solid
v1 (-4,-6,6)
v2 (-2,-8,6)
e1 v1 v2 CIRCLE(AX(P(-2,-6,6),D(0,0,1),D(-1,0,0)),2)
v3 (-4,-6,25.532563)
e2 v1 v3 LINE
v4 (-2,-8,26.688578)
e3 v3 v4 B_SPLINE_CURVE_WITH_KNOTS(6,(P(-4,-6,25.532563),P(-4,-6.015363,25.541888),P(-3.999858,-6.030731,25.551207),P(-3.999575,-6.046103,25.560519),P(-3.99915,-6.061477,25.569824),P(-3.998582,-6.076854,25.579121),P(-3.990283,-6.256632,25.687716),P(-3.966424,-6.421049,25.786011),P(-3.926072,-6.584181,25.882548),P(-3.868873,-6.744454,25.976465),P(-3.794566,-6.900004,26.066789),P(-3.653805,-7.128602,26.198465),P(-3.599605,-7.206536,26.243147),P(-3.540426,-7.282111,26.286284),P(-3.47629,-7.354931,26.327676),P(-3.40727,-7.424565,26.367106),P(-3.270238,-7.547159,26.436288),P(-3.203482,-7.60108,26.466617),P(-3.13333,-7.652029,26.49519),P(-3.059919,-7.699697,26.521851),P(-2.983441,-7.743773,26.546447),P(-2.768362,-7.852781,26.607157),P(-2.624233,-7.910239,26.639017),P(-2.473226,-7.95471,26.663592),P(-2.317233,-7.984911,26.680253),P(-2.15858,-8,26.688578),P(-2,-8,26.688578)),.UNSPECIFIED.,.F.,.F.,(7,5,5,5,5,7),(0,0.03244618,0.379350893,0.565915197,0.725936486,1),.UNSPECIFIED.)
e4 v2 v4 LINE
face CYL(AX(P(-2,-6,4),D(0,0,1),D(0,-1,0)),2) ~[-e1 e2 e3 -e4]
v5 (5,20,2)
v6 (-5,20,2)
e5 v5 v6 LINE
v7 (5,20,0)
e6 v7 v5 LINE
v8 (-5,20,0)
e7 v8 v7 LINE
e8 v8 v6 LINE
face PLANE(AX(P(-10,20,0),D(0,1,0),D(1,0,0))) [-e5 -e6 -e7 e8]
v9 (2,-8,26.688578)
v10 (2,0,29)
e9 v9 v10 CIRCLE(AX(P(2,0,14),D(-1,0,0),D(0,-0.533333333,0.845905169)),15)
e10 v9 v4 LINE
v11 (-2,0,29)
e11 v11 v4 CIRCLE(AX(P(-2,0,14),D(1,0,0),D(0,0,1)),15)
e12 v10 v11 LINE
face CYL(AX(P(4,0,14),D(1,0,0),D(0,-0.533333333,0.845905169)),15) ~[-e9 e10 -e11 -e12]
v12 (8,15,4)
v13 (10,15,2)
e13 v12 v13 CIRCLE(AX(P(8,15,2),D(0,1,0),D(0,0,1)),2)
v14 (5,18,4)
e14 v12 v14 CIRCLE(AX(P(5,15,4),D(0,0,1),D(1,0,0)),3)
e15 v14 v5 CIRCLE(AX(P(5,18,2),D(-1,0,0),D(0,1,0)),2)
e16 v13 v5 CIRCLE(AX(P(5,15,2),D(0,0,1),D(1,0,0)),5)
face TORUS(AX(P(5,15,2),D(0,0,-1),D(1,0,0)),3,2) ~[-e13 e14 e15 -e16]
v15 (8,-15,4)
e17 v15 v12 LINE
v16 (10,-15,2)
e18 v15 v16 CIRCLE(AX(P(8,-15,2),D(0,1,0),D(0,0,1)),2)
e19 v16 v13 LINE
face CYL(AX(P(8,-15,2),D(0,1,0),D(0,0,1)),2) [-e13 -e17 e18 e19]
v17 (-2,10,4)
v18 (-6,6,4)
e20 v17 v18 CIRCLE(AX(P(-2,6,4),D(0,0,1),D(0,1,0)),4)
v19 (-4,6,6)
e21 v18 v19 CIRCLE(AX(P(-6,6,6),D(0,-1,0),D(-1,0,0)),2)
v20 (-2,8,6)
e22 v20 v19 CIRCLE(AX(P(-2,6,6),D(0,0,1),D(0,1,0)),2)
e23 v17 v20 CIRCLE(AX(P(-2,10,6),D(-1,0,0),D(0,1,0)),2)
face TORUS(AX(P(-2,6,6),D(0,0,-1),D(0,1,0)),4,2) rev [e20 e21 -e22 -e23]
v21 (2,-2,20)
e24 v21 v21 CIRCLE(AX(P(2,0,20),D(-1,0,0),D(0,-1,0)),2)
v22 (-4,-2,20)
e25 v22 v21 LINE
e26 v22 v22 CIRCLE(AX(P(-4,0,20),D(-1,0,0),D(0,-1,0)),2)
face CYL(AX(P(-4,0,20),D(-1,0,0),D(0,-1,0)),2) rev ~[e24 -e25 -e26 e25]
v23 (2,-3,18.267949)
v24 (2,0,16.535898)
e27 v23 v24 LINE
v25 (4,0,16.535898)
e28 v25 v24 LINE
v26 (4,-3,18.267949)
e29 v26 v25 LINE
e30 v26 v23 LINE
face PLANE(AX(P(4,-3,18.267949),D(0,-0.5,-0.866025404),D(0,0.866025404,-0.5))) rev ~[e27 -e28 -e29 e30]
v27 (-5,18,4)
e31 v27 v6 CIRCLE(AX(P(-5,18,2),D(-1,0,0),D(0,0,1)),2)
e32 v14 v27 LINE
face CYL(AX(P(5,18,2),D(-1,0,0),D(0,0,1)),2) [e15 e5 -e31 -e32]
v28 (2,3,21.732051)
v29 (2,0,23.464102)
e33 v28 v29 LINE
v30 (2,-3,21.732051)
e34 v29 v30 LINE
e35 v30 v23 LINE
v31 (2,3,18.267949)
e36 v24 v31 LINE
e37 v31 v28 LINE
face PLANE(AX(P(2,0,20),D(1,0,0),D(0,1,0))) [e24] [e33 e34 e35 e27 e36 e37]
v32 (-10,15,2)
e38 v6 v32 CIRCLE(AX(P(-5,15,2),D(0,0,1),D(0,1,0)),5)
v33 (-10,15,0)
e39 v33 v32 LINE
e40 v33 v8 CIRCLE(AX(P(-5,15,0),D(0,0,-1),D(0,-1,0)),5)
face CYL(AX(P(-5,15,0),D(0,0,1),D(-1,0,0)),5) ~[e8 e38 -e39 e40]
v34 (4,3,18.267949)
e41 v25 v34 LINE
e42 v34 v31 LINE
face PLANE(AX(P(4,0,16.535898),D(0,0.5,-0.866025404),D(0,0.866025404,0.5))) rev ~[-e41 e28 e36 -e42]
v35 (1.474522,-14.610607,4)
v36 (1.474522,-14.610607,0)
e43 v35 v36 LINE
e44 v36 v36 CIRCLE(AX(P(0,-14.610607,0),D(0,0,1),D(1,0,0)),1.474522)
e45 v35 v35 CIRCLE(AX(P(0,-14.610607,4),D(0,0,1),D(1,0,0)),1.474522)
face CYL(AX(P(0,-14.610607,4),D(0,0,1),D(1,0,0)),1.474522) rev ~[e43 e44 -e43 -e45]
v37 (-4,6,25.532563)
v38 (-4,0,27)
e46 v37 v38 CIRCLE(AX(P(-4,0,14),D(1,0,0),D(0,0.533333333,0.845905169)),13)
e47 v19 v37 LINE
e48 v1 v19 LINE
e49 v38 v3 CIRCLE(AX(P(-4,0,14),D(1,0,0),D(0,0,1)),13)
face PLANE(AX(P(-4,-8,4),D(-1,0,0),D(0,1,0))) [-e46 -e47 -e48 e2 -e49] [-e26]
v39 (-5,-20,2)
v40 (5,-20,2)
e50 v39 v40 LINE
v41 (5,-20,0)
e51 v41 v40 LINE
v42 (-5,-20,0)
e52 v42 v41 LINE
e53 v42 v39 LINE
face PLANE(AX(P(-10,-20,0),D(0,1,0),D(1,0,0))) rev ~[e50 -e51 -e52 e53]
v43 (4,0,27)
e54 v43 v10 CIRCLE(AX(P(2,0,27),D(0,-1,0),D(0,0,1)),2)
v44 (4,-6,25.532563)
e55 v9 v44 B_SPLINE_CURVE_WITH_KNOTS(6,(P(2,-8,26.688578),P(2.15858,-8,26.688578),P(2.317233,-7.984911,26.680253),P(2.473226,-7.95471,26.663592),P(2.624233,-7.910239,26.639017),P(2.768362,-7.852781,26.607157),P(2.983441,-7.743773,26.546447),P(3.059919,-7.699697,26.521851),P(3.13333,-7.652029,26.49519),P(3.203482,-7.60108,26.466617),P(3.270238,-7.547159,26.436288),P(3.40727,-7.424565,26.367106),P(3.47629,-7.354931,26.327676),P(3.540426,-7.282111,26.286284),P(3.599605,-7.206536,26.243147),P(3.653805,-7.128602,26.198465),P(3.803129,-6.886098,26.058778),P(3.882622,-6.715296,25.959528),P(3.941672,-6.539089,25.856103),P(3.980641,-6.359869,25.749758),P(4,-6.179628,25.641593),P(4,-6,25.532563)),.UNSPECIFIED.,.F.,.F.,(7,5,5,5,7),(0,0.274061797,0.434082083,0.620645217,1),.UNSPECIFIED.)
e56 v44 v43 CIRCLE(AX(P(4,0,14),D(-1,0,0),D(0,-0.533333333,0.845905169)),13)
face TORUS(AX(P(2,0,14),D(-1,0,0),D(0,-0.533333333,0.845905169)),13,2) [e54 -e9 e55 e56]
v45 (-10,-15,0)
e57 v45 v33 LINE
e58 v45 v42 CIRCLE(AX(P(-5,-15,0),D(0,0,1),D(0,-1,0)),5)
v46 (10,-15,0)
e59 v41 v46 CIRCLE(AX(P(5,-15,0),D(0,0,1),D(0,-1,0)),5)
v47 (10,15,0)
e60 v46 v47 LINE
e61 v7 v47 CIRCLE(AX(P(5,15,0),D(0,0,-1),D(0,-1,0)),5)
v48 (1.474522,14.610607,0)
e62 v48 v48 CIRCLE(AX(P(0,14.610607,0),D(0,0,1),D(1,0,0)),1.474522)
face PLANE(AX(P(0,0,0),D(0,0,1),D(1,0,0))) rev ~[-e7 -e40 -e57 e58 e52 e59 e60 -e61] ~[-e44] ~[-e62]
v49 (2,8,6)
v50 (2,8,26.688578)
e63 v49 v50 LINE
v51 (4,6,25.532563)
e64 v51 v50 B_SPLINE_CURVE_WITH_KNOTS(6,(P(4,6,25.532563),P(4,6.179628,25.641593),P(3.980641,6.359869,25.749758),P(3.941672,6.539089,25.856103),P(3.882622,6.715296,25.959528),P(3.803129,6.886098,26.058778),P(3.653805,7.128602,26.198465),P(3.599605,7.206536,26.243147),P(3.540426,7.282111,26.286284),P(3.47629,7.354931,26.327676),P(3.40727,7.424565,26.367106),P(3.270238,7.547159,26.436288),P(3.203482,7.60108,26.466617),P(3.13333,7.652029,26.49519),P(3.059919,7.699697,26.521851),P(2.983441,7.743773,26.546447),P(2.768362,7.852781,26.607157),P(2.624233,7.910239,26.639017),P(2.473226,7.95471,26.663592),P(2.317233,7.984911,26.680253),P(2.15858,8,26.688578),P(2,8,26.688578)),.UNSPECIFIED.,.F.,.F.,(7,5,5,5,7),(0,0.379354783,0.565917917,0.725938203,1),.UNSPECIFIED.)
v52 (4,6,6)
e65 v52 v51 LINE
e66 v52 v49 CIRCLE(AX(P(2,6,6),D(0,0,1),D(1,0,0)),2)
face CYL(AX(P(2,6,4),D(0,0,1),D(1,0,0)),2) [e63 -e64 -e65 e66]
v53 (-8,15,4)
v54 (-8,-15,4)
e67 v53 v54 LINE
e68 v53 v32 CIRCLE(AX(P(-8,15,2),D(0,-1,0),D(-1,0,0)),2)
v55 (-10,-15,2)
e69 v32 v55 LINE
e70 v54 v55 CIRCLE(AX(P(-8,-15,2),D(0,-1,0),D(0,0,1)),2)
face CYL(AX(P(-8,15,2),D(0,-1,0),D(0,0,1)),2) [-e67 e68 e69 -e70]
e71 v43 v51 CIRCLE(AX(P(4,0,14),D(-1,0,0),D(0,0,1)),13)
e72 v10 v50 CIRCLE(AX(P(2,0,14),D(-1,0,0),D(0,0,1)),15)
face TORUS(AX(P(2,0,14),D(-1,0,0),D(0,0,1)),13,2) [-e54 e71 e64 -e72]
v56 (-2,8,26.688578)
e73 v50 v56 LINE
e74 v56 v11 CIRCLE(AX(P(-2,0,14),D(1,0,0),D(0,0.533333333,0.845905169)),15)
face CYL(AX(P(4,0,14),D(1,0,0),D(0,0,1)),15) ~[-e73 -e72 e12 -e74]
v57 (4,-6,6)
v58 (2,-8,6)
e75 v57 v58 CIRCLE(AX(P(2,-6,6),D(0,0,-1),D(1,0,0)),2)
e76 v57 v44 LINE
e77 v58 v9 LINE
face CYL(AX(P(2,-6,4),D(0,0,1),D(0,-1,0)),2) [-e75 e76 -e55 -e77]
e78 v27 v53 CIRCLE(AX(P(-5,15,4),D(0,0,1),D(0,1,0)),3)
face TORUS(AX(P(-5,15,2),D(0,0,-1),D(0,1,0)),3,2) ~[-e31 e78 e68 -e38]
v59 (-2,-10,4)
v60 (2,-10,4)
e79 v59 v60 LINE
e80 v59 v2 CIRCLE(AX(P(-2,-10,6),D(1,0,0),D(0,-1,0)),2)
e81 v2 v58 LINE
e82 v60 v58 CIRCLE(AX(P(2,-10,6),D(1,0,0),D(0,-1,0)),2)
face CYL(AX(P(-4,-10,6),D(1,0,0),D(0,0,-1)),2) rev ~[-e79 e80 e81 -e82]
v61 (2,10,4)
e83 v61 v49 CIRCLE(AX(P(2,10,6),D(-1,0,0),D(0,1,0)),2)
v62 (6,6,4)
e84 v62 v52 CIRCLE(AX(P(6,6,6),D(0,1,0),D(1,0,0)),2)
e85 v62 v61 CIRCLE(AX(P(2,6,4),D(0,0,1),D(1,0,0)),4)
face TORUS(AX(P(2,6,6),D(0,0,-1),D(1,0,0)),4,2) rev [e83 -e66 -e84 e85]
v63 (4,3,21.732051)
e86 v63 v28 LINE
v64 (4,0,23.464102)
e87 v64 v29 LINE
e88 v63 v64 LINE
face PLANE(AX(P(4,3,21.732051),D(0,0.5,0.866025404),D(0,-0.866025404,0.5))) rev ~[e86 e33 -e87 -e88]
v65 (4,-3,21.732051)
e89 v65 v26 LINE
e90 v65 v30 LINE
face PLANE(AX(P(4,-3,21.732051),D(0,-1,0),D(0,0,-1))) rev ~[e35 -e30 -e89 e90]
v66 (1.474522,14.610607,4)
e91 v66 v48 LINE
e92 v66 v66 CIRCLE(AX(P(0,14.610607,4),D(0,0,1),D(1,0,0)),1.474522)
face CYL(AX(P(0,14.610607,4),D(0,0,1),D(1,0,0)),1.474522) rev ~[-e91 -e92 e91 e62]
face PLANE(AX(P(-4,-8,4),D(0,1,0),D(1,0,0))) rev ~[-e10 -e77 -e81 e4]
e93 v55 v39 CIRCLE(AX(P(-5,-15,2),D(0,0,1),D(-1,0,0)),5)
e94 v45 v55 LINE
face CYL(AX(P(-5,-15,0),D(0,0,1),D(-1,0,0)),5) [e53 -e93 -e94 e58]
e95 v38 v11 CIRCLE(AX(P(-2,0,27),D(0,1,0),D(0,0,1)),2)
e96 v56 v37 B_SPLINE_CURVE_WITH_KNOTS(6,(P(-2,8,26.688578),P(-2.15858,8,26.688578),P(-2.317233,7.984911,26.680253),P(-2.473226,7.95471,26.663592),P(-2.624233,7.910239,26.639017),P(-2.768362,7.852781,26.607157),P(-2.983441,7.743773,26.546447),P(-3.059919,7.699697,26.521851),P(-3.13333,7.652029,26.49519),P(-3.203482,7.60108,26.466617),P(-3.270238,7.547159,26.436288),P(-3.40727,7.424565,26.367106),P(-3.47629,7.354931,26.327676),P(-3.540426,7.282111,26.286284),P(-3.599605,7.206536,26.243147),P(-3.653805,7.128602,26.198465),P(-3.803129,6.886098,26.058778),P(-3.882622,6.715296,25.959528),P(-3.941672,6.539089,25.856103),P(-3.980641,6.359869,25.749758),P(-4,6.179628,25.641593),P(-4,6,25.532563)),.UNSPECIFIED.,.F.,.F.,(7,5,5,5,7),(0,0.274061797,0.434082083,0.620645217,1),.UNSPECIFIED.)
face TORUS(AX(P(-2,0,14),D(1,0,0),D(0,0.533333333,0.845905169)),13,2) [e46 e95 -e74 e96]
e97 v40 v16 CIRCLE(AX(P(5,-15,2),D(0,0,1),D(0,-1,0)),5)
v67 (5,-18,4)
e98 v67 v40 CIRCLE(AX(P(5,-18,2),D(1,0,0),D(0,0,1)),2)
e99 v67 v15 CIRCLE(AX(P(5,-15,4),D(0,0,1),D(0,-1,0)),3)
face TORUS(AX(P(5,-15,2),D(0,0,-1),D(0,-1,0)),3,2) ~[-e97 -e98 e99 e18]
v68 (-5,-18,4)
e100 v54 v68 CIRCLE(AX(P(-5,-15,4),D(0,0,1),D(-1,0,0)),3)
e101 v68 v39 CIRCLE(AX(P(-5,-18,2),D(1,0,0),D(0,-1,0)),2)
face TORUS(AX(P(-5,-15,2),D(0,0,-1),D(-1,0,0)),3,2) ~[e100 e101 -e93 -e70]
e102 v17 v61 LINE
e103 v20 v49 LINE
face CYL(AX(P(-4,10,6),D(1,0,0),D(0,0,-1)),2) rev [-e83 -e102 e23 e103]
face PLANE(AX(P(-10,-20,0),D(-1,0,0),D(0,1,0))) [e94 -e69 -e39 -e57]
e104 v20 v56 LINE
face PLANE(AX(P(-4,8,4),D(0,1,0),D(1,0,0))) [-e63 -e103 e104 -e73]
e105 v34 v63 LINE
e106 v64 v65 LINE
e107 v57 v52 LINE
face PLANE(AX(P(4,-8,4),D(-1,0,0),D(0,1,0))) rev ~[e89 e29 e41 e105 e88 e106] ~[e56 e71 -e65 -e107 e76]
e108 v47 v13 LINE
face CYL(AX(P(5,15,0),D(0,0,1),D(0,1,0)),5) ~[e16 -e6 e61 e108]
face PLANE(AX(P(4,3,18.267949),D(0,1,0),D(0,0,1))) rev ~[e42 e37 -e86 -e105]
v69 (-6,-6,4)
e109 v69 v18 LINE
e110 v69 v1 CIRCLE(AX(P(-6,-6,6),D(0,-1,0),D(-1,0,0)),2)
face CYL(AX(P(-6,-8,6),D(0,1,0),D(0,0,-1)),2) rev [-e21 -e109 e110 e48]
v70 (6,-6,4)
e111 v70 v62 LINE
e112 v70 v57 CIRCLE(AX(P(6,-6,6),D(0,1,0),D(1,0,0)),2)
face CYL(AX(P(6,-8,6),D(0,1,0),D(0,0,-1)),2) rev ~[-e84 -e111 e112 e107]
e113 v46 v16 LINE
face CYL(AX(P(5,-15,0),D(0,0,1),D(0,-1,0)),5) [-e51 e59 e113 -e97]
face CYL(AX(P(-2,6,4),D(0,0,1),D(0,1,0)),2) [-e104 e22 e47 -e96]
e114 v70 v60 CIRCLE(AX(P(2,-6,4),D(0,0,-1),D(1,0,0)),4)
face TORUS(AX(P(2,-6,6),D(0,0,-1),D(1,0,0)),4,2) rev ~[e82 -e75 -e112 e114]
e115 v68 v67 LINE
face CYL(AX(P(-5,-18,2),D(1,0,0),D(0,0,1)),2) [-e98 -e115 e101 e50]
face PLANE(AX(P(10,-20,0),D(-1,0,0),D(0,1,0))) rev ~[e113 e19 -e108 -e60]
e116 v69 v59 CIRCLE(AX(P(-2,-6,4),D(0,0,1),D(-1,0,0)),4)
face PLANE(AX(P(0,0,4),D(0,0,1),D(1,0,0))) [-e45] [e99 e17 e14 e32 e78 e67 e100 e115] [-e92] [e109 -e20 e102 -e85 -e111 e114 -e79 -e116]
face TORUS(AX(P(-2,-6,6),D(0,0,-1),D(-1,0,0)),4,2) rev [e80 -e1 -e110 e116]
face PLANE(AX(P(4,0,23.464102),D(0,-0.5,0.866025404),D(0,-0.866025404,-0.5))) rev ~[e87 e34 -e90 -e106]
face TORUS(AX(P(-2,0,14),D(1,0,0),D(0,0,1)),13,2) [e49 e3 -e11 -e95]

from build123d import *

# Parameters (mm, degrees)
F0_W      = 20
F0_H      = 40
F1_DEPTH  = 4
F2_W      = 8
F2_H      = 16
F3_DEPTH  = 25
F5_DEPTH  = 25
F6_R      = 5
F7_R      = 2
F8_R      = 2
F9_DEPTH  = 25
F10_R     = 1.4745216426
F11_DEPTH = 5
F13_DEPTH = 2


with BuildPart() as f1:
    # F0 (on Top) → F1 (new body)
    with BuildSketch(Plane.XY):
        Rectangle(F0_W, F0_H)
    extrude(amount=F1_DEPTH)

    # F2 (on face) → F3 (join)
    with BuildSketch(Plane.XY.offset(4)):
        Rectangle(F2_W, F2_H)
    extrude(amount=F3_DEPTH)

    # F4 (on face) → F5 (cut)
    with BuildSketch(Plane.YZ.offset(4)):
        with BuildLine():
            Line((-8, 29), (-8, 26.6885775404))
            ThreePointArc((-8, 26.6885775404), (-4.1636124275, 28.4105631935), (0, 29))
            Line((0, 29), (-8, 29))
        make_face()
        with BuildLine():
            ThreePointArc((0, 29), (4.1636124275, 28.4105631935), (8, 26.6885775404))
            Line((8, 26.6885775405), (8, 29))
            Line((8, 29), (0, 29))
        make_face()
    extrude(amount=-F5_DEPTH, mode=Mode.SUBTRACT)

    # F6
    f6_edges = [f1.edges().sort_by_distance(p)[0] for p in [
        (-10, 20, 2),
        (-10, -20, 2),
        (10, -20, 2),
        (10, 20, 2),
    ]]
    fillet(f6_edges, radius=F6_R)

    # F7
    f7_edges = [f1.edges().sort_by_distance(p)[0] for p in [
        (10, 0, 4),
        (8.535534, -18.535534, 4),
        (8.535534, 18.535534, 4),
        (0, -20, 4),
        (0, 20, 4),
        (-8.535534, -18.535534, 4),
        (-8.535534, 18.535534, 4),
        (-10, 0, 4),
        (4, 0, 4),
        (0, 8, 4),
        (-4, 0, 4),
        (0, -8, 4),
        (4, -8, 15.344289),
        (4, 0, 29),
        (4, 8, 15.344289),
        (-4, 8, 15.344289),
        (-4, 0, 29),
        (-4, -8, 15.344289),
    ]]
    fillet(f7_edges, radius=F7_R)

    # F8 (on face) → F9 (cut)
    with BuildSketch(Plane(origin=(-4, 0, 0), x_dir=(0, -1, 0), z_dir=(-1, 0, 0))):
        with Locations((0, 20)):
            Circle(F8_R)
    extrude(amount=-F9_DEPTH, mode=Mode.SUBTRACT)

    # F10 (on face) → F11 (cut)
    with BuildSketch(Plane.XY.offset(4)):
        with Locations((0, 14.610607177)):
            Circle(F10_R)
        with Locations((0, -14.610607177)):
            Circle(F10_R)
    extrude(amount=-F11_DEPTH, mode=Mode.SUBTRACT)

    # F12 (on face) → F13 (cut)
    with BuildSketch(Plane.YZ.offset(4)):
        Polygon((3, 21.7320508076), (0, 23.4641016151), (-3, 21.7320508076), (-3, 18.2679491924), (0, 16.5358983849), (3, 18.2679491924), align=None)
    extrude(amount=-F13_DEPTH, mode=Mode.SUBTRACT)


solid = f1.part
